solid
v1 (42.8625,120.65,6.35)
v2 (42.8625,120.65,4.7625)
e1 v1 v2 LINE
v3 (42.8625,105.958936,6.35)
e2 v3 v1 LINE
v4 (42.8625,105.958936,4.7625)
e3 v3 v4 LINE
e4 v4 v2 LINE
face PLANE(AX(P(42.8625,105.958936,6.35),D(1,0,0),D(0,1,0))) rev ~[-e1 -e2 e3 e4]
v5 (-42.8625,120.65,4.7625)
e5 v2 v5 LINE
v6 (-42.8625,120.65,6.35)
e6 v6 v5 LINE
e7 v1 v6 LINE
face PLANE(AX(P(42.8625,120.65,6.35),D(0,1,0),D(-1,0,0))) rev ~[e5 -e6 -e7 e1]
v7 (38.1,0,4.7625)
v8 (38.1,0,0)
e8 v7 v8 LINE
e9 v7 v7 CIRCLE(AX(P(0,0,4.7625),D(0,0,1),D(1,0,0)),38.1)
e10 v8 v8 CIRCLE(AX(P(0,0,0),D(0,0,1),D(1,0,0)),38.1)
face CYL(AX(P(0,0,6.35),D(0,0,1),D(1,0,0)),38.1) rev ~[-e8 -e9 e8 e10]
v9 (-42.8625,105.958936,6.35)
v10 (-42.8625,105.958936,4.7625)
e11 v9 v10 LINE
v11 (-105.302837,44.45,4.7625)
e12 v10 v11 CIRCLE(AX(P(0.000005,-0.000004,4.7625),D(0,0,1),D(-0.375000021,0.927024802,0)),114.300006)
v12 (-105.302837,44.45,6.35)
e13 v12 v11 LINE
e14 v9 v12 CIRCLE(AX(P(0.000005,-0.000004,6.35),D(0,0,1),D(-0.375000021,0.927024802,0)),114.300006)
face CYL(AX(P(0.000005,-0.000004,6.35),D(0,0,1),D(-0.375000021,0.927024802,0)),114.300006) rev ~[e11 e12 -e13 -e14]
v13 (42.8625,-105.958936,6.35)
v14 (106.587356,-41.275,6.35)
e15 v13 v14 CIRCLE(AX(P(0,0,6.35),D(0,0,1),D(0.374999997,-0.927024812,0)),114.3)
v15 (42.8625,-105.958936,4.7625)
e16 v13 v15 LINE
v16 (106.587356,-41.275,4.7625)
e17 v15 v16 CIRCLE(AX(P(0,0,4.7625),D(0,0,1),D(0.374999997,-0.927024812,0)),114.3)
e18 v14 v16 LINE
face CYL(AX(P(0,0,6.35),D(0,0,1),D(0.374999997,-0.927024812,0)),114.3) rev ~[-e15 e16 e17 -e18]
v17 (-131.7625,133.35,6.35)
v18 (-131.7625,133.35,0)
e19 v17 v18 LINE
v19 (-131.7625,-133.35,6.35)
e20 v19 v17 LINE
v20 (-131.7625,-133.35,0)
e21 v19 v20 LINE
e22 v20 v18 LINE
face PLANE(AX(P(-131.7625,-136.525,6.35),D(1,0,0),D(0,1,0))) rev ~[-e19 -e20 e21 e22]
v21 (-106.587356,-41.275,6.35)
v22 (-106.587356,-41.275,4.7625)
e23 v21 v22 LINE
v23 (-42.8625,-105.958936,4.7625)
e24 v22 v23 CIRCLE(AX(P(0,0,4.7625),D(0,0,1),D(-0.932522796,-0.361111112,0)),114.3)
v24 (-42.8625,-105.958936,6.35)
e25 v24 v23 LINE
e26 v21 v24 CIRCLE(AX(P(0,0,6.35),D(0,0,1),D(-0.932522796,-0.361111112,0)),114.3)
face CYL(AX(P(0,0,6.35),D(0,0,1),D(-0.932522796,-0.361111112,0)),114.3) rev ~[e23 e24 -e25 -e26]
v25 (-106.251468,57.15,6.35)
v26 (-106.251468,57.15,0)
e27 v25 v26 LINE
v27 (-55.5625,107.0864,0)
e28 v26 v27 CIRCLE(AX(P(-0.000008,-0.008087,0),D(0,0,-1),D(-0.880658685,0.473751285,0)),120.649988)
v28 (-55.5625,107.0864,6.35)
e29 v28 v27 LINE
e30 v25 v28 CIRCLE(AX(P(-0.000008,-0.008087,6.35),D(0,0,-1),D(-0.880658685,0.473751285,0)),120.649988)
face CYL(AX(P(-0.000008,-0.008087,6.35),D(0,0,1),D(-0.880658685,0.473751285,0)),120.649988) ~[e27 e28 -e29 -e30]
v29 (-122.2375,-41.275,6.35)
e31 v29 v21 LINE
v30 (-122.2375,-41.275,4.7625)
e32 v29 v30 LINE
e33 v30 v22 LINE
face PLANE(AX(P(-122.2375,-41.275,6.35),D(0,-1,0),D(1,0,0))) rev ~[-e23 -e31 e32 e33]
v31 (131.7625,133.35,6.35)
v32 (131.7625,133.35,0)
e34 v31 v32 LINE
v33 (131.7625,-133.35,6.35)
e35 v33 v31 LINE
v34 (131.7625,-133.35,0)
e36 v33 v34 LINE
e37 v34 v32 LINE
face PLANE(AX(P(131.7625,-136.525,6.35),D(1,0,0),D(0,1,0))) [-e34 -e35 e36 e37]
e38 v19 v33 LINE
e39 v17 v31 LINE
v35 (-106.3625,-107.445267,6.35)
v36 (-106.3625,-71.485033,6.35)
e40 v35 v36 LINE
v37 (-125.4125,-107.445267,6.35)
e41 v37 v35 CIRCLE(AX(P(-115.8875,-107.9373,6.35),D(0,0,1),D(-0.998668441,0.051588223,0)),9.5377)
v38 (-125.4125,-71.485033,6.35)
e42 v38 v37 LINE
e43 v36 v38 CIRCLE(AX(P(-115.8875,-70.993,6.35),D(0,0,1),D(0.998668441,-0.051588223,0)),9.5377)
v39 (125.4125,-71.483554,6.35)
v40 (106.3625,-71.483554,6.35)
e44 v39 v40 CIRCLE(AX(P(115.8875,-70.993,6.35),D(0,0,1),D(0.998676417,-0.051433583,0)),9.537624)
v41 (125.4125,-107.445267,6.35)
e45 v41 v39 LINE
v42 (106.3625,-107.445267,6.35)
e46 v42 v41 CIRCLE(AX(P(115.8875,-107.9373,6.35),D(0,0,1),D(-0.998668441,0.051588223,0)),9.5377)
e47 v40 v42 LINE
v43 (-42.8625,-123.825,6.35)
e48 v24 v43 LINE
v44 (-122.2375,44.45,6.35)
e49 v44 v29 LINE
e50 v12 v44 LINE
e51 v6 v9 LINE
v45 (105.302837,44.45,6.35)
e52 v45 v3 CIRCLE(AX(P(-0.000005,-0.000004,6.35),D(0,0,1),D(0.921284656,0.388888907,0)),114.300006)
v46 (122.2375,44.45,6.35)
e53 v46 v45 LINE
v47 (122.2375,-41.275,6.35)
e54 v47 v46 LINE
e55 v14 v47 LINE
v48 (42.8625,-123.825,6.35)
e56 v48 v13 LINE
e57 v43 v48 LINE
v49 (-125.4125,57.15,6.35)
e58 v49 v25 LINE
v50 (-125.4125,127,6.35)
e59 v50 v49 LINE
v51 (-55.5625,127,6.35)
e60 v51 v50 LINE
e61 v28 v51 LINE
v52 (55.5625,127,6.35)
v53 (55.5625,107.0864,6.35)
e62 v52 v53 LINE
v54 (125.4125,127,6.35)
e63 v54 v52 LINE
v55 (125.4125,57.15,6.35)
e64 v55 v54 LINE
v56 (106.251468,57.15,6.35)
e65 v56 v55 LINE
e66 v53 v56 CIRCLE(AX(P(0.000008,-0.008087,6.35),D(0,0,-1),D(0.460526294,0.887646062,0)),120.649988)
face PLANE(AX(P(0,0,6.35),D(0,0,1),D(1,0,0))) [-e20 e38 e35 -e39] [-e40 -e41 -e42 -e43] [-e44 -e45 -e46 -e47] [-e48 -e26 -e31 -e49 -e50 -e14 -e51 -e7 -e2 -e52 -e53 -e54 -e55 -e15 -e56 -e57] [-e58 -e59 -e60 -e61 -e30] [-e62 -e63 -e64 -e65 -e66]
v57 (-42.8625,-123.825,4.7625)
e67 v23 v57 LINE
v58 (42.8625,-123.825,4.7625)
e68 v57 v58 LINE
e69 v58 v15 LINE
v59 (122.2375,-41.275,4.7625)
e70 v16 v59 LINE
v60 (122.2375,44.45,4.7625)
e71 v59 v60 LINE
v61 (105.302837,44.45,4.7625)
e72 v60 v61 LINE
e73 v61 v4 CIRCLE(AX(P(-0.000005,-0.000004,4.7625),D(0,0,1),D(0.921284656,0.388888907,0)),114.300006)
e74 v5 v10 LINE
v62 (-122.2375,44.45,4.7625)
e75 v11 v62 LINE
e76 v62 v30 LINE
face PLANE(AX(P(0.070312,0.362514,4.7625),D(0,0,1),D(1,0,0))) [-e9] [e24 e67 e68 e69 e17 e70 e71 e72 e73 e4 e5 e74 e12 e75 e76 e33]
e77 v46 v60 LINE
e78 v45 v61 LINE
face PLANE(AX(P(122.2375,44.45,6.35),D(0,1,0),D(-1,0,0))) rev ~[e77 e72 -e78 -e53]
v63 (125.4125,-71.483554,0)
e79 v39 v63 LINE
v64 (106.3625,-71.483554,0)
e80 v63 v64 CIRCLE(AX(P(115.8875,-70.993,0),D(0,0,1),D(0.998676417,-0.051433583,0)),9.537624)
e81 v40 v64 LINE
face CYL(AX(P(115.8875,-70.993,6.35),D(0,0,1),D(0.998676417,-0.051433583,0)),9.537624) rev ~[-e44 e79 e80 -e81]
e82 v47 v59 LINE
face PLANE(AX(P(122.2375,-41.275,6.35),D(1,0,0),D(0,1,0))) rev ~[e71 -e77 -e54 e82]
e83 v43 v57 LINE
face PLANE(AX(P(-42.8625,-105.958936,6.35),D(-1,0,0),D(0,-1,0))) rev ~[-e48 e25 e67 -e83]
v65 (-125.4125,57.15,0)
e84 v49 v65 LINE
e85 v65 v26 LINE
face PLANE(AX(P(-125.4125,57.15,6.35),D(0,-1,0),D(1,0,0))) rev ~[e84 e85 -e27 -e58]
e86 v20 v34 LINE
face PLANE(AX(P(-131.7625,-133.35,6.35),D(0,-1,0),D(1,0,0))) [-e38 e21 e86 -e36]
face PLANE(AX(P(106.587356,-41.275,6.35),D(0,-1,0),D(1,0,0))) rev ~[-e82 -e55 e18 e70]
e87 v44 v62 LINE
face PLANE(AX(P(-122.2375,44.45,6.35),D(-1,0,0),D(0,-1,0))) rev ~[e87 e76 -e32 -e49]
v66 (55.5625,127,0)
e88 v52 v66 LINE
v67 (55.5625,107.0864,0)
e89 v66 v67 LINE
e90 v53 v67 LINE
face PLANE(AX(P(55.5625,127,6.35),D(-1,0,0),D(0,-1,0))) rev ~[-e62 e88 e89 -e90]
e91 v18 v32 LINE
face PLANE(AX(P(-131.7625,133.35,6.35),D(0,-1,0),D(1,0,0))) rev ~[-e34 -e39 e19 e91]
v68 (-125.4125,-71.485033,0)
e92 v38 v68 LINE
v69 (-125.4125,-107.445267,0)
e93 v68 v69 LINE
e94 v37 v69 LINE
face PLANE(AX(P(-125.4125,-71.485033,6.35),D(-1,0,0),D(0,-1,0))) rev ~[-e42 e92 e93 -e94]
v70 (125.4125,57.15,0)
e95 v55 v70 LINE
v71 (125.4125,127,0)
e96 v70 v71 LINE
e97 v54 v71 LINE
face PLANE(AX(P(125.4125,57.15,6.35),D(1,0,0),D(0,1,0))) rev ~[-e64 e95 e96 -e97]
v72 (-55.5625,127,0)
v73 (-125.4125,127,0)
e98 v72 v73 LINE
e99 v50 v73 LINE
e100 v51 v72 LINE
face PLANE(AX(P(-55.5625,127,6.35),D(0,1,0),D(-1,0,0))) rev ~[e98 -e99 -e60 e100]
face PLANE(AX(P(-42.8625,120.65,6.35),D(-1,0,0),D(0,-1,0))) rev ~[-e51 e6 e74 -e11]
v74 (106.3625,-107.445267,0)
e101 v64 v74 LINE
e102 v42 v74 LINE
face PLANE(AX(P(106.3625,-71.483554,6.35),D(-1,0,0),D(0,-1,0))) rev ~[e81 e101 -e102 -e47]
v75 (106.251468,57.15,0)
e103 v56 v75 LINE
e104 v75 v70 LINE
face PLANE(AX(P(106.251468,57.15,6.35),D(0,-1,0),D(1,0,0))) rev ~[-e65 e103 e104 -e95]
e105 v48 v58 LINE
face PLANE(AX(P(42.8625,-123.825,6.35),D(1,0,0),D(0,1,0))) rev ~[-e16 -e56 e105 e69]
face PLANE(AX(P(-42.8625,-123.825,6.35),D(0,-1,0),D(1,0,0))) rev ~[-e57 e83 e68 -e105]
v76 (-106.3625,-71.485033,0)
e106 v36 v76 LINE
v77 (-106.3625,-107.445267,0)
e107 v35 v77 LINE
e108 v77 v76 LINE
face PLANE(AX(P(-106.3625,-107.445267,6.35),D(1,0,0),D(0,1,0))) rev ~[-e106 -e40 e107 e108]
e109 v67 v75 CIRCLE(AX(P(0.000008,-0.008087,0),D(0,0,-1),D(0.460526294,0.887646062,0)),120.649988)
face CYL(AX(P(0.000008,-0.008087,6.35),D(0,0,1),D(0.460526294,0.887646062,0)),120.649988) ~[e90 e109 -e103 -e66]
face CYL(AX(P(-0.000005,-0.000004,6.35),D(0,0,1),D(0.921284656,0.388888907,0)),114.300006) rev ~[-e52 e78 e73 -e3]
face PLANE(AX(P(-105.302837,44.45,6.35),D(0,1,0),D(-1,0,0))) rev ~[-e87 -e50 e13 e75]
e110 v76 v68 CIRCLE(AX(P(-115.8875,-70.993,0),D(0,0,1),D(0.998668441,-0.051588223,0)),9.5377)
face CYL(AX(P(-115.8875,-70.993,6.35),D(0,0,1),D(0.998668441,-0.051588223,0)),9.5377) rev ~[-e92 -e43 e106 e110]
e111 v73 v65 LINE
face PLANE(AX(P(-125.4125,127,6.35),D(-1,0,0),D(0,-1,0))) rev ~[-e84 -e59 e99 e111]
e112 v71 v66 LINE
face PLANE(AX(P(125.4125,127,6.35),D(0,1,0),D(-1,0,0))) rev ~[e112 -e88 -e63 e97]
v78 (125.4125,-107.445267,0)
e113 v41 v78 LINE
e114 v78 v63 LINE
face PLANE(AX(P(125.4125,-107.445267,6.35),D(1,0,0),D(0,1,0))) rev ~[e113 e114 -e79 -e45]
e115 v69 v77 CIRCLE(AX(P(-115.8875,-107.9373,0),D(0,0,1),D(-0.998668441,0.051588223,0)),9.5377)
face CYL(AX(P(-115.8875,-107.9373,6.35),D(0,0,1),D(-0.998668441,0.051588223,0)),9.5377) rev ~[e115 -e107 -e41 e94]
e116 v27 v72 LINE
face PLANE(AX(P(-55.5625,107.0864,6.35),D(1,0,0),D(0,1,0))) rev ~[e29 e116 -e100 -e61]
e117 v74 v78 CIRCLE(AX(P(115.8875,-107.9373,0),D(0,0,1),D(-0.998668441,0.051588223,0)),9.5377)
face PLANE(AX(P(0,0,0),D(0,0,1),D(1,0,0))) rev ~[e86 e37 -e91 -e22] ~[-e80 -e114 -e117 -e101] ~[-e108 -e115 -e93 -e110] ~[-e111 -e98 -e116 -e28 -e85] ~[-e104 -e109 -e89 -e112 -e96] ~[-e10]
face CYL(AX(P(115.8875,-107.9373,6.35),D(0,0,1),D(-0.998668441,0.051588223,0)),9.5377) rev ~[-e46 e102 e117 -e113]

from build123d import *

# Parameters (mm, degrees)
F0_W      = 269.875
F0_H      = 273.05
F1_DEPTH  = 6.35
F3_DEPTH  = 6.35
F4_R      = 38.1
F5_DEPTH  = 6.35
F7_DEPTH  = 1.5875
F8_W      = 3.175
F8_H      = 273.05
F9_DEPTH  = 6.35
F10_W     = 263.525
F10_H     = 3.175
F11_DEPTH = 6.35
F12_W     = 263.525
F12_H     = 3.175
F13_DEPTH = 6.35


with BuildPart() as f1:
    # F0 (on Top) → F1 (new body)
    with BuildSketch(Plane.XY):
        Rectangle(F0_W, F0_H)
    extrude(amount=F1_DEPTH)

    # F2 (on face) → F3 (cut, through all)
    with BuildSketch(Plane.XY.offset(6.35)):
        with BuildLine():
            Line((-55.5625, 127), (-125.4125, 127))
            Line((-125.4125, 127), (-125.4125, 57.15))
            Line((-125.4125, 57.15), (-106.251468, 57.15))
            ThreePointArc((-106.251468, 57.15), (-84.672021, 85.939978), (-55.5625, 107.0864))
            Line((-55.5625, 107.0864), (-55.5625, 127))
        make_face()
        with BuildLine():
            Line((55.5625, 127), (55.5625, 107.0864))
            ThreePointArc((55.5625, 107.0864), (84.672021, 85.939978), (106.251468, 57.15))
            Line((106.251468, 57.15), (125.4125, 57.15))
            Line((125.4125, 57.15), (125.4125, 127))
            Line((125.4125, 127), (55.5625, 127))
        make_face()
        with BuildLine():
            ThreePointArc((-106.3625, -71.485033), (-115.8875, -61.4553), (-125.4125, -71.485033))
            Line((-125.4125, -71.485033), (-125.4125, -107.445267))
            ThreePointArc((-125.4125, -107.445267), (-115.8875, -117.475), (-106.3625, -107.445267))
            Line((-106.3625, -107.445267), (-106.3625, -71.485033))
        make_face()
        with BuildLine():
            ThreePointArc((125.4125, -71.483554), (115.8875, -61.455376), (106.3625, -71.483554))
            Line((106.3625, -71.483554), (106.3625, -107.445267))
            ThreePointArc((106.3625, -107.445267), (115.8875, -117.475), (125.4125, -107.445267))
            Line((125.4125, -107.445267), (125.4125, -71.483554))
        make_face()
    extrude(amount=-F3_DEPTH, mode=Mode.SUBTRACT)

    # F4 (on face) → F5 (cut, through all)
    with BuildSketch(Plane.XY.offset(6.35)):
        Circle(F4_R)
    extrude(amount=-F5_DEPTH, mode=Mode.SUBTRACT)

    # F6 (on face) → F7 (cut)
    with BuildSketch(Plane.XY.offset(6.35)):
        with BuildLine():
            ThreePointArc((106.587356, -41.275), (112.355295, -20.994705), (114.3, 0))
            ThreePointArc((114.3, 0), (112.028131, 22.675711), (105.302837, 44.45))
            Line((105.302837, 44.45), (42.8625, 44.45))
            Line((42.8625, 44.45), (42.8625, 105.958936))
            ThreePointArc((42.8625, 105.958936), (0, 114.3), (-42.8625, 105.958936))
            Line((-42.8625, 105.958936), (-42.8625, 44.45))
            Line((-42.8625, 44.45), (-105.302837, 44.45))
            ThreePointArc((-105.302837, 44.45), (-114.287171, 1.712499), (-106.587356, -41.275))
            Line((-106.587356, -41.275), (-42.8625, -41.275))
            Line((-42.8625, -41.275), (-42.8625, -105.958936))
            ThreePointArc((-42.8625, -105.958936), (0, -114.3), (42.8625, -105.958936))
            Line((42.8625, -105.958936), (42.8625, -41.275))
            Line((42.8625, -41.275), (106.587356, -41.275))
        make_face()
        with BuildLine():
            ThreePointArc((105.302837, 44.45), (112.028131, 22.675711), (114.3, 0))
            ThreePointArc((114.3, 0), (112.355295, -20.994705), (106.587356, -41.275))
            Line((106.587356, -41.275), (122.2375, -41.275))
            Line((122.2375, -41.275), (122.2375, 44.45))
            Line((122.2375, 44.45), (105.302837, 44.45))
        make_face()
        with BuildLine():
            Line((42.8625, 44.45), (105.302837, 44.45))
            ThreePointArc((105.302837, 44.45), (80.212711, 81.427335), (42.8625, 105.958936))
            Line((42.8625, 105.958936), (42.8625, 44.45))
        make_face()
        with BuildLine():
            ThreePointArc((42.8625, -105.958936), (81.423693, -80.216409), (106.587356, -41.275))
            Line((106.587356, -41.275), (42.8625, -41.275))
            Line((42.8625, -41.275), (42.8625, -105.958936))
        make_face()
        with BuildLine():
            ThreePointArc((-42.8625, 105.958936), (0, 114.3), (42.8625, 105.958936))
            Line((42.8625, 105.958936), (42.8625, 120.65))
            Line((42.8625, 120.65), (-42.8625, 120.65))
            Line((-42.8625, 120.65), (-42.8625, 105.958936))
        make_face()
        with BuildLine():
            Line((42.8625, -123.825), (42.8625, -105.958936))
            ThreePointArc((42.8625, -105.958936), (0, -114.3), (-42.8625, -105.958936))
            Line((-42.8625, -105.958936), (-42.8625, -123.825))
            Line((-42.8625, -123.825), (42.8625, -123.825))
        make_face()
        with BuildLine():
            Line((-42.8625, 44.45), (-42.8625, 105.958936))
            ThreePointArc((-42.8625, 105.958936), (-80.212711, 81.427335), (-105.302837, 44.45))
            Line((-105.302837, 44.45), (-42.8625, 44.45))
        make_face()
        with BuildLine():
            ThreePointArc((-106.587356, -41.275), (-81.423693, -80.216409), (-42.8625, -105.958936))
            Line((-42.8625, -105.958936), (-42.8625, -41.275))
            Line((-42.8625, -41.275), (-106.587356, -41.275))
        make_face()
        with BuildLine():
            ThreePointArc((-106.587356, -41.275), (-114.287171, 1.712499), (-105.302837, 44.45))
            Line((-105.302837, 44.45), (-122.2375, 44.45))
            Line((-122.2375, 44.45), (-122.2375, -41.275))
            Line((-122.2375, -41.275), (-106.587356, -41.275))
        make_face()
    extrude(amount=-F7_DEPTH, mode=Mode.SUBTRACT)

    # F8 (on face) → F9 (cut, through all)
    with BuildSketch(Plane.XY.offset(6.35)):
        with Locations((-133.35, 0)):
            Rectangle(F8_W, F8_H)
        with Locations((133.35, 0)):
            Rectangle(F8_W, F8_H)
    extrude(amount=-F9_DEPTH, mode=Mode.SUBTRACT)

    # F10 (on face) → F11 (cut, through all)
    with BuildSketch(Plane.XY.offset(6.35)):
        with Locations((0, 134.9375)):
            Rectangle(F10_W, F10_H)
    extrude(amount=-F11_DEPTH, mode=Mode.SUBTRACT)

    # F12 (on face) → F13 (cut, through all)
    with BuildSketch(Plane.XY.offset(6.35)):
        with Locations((0, -134.9375)):
            Rectangle(F12_W, F12_H)
    extrude(amount=-F13_DEPTH, mode=Mode.SUBTRACT)


solid = f1.part
